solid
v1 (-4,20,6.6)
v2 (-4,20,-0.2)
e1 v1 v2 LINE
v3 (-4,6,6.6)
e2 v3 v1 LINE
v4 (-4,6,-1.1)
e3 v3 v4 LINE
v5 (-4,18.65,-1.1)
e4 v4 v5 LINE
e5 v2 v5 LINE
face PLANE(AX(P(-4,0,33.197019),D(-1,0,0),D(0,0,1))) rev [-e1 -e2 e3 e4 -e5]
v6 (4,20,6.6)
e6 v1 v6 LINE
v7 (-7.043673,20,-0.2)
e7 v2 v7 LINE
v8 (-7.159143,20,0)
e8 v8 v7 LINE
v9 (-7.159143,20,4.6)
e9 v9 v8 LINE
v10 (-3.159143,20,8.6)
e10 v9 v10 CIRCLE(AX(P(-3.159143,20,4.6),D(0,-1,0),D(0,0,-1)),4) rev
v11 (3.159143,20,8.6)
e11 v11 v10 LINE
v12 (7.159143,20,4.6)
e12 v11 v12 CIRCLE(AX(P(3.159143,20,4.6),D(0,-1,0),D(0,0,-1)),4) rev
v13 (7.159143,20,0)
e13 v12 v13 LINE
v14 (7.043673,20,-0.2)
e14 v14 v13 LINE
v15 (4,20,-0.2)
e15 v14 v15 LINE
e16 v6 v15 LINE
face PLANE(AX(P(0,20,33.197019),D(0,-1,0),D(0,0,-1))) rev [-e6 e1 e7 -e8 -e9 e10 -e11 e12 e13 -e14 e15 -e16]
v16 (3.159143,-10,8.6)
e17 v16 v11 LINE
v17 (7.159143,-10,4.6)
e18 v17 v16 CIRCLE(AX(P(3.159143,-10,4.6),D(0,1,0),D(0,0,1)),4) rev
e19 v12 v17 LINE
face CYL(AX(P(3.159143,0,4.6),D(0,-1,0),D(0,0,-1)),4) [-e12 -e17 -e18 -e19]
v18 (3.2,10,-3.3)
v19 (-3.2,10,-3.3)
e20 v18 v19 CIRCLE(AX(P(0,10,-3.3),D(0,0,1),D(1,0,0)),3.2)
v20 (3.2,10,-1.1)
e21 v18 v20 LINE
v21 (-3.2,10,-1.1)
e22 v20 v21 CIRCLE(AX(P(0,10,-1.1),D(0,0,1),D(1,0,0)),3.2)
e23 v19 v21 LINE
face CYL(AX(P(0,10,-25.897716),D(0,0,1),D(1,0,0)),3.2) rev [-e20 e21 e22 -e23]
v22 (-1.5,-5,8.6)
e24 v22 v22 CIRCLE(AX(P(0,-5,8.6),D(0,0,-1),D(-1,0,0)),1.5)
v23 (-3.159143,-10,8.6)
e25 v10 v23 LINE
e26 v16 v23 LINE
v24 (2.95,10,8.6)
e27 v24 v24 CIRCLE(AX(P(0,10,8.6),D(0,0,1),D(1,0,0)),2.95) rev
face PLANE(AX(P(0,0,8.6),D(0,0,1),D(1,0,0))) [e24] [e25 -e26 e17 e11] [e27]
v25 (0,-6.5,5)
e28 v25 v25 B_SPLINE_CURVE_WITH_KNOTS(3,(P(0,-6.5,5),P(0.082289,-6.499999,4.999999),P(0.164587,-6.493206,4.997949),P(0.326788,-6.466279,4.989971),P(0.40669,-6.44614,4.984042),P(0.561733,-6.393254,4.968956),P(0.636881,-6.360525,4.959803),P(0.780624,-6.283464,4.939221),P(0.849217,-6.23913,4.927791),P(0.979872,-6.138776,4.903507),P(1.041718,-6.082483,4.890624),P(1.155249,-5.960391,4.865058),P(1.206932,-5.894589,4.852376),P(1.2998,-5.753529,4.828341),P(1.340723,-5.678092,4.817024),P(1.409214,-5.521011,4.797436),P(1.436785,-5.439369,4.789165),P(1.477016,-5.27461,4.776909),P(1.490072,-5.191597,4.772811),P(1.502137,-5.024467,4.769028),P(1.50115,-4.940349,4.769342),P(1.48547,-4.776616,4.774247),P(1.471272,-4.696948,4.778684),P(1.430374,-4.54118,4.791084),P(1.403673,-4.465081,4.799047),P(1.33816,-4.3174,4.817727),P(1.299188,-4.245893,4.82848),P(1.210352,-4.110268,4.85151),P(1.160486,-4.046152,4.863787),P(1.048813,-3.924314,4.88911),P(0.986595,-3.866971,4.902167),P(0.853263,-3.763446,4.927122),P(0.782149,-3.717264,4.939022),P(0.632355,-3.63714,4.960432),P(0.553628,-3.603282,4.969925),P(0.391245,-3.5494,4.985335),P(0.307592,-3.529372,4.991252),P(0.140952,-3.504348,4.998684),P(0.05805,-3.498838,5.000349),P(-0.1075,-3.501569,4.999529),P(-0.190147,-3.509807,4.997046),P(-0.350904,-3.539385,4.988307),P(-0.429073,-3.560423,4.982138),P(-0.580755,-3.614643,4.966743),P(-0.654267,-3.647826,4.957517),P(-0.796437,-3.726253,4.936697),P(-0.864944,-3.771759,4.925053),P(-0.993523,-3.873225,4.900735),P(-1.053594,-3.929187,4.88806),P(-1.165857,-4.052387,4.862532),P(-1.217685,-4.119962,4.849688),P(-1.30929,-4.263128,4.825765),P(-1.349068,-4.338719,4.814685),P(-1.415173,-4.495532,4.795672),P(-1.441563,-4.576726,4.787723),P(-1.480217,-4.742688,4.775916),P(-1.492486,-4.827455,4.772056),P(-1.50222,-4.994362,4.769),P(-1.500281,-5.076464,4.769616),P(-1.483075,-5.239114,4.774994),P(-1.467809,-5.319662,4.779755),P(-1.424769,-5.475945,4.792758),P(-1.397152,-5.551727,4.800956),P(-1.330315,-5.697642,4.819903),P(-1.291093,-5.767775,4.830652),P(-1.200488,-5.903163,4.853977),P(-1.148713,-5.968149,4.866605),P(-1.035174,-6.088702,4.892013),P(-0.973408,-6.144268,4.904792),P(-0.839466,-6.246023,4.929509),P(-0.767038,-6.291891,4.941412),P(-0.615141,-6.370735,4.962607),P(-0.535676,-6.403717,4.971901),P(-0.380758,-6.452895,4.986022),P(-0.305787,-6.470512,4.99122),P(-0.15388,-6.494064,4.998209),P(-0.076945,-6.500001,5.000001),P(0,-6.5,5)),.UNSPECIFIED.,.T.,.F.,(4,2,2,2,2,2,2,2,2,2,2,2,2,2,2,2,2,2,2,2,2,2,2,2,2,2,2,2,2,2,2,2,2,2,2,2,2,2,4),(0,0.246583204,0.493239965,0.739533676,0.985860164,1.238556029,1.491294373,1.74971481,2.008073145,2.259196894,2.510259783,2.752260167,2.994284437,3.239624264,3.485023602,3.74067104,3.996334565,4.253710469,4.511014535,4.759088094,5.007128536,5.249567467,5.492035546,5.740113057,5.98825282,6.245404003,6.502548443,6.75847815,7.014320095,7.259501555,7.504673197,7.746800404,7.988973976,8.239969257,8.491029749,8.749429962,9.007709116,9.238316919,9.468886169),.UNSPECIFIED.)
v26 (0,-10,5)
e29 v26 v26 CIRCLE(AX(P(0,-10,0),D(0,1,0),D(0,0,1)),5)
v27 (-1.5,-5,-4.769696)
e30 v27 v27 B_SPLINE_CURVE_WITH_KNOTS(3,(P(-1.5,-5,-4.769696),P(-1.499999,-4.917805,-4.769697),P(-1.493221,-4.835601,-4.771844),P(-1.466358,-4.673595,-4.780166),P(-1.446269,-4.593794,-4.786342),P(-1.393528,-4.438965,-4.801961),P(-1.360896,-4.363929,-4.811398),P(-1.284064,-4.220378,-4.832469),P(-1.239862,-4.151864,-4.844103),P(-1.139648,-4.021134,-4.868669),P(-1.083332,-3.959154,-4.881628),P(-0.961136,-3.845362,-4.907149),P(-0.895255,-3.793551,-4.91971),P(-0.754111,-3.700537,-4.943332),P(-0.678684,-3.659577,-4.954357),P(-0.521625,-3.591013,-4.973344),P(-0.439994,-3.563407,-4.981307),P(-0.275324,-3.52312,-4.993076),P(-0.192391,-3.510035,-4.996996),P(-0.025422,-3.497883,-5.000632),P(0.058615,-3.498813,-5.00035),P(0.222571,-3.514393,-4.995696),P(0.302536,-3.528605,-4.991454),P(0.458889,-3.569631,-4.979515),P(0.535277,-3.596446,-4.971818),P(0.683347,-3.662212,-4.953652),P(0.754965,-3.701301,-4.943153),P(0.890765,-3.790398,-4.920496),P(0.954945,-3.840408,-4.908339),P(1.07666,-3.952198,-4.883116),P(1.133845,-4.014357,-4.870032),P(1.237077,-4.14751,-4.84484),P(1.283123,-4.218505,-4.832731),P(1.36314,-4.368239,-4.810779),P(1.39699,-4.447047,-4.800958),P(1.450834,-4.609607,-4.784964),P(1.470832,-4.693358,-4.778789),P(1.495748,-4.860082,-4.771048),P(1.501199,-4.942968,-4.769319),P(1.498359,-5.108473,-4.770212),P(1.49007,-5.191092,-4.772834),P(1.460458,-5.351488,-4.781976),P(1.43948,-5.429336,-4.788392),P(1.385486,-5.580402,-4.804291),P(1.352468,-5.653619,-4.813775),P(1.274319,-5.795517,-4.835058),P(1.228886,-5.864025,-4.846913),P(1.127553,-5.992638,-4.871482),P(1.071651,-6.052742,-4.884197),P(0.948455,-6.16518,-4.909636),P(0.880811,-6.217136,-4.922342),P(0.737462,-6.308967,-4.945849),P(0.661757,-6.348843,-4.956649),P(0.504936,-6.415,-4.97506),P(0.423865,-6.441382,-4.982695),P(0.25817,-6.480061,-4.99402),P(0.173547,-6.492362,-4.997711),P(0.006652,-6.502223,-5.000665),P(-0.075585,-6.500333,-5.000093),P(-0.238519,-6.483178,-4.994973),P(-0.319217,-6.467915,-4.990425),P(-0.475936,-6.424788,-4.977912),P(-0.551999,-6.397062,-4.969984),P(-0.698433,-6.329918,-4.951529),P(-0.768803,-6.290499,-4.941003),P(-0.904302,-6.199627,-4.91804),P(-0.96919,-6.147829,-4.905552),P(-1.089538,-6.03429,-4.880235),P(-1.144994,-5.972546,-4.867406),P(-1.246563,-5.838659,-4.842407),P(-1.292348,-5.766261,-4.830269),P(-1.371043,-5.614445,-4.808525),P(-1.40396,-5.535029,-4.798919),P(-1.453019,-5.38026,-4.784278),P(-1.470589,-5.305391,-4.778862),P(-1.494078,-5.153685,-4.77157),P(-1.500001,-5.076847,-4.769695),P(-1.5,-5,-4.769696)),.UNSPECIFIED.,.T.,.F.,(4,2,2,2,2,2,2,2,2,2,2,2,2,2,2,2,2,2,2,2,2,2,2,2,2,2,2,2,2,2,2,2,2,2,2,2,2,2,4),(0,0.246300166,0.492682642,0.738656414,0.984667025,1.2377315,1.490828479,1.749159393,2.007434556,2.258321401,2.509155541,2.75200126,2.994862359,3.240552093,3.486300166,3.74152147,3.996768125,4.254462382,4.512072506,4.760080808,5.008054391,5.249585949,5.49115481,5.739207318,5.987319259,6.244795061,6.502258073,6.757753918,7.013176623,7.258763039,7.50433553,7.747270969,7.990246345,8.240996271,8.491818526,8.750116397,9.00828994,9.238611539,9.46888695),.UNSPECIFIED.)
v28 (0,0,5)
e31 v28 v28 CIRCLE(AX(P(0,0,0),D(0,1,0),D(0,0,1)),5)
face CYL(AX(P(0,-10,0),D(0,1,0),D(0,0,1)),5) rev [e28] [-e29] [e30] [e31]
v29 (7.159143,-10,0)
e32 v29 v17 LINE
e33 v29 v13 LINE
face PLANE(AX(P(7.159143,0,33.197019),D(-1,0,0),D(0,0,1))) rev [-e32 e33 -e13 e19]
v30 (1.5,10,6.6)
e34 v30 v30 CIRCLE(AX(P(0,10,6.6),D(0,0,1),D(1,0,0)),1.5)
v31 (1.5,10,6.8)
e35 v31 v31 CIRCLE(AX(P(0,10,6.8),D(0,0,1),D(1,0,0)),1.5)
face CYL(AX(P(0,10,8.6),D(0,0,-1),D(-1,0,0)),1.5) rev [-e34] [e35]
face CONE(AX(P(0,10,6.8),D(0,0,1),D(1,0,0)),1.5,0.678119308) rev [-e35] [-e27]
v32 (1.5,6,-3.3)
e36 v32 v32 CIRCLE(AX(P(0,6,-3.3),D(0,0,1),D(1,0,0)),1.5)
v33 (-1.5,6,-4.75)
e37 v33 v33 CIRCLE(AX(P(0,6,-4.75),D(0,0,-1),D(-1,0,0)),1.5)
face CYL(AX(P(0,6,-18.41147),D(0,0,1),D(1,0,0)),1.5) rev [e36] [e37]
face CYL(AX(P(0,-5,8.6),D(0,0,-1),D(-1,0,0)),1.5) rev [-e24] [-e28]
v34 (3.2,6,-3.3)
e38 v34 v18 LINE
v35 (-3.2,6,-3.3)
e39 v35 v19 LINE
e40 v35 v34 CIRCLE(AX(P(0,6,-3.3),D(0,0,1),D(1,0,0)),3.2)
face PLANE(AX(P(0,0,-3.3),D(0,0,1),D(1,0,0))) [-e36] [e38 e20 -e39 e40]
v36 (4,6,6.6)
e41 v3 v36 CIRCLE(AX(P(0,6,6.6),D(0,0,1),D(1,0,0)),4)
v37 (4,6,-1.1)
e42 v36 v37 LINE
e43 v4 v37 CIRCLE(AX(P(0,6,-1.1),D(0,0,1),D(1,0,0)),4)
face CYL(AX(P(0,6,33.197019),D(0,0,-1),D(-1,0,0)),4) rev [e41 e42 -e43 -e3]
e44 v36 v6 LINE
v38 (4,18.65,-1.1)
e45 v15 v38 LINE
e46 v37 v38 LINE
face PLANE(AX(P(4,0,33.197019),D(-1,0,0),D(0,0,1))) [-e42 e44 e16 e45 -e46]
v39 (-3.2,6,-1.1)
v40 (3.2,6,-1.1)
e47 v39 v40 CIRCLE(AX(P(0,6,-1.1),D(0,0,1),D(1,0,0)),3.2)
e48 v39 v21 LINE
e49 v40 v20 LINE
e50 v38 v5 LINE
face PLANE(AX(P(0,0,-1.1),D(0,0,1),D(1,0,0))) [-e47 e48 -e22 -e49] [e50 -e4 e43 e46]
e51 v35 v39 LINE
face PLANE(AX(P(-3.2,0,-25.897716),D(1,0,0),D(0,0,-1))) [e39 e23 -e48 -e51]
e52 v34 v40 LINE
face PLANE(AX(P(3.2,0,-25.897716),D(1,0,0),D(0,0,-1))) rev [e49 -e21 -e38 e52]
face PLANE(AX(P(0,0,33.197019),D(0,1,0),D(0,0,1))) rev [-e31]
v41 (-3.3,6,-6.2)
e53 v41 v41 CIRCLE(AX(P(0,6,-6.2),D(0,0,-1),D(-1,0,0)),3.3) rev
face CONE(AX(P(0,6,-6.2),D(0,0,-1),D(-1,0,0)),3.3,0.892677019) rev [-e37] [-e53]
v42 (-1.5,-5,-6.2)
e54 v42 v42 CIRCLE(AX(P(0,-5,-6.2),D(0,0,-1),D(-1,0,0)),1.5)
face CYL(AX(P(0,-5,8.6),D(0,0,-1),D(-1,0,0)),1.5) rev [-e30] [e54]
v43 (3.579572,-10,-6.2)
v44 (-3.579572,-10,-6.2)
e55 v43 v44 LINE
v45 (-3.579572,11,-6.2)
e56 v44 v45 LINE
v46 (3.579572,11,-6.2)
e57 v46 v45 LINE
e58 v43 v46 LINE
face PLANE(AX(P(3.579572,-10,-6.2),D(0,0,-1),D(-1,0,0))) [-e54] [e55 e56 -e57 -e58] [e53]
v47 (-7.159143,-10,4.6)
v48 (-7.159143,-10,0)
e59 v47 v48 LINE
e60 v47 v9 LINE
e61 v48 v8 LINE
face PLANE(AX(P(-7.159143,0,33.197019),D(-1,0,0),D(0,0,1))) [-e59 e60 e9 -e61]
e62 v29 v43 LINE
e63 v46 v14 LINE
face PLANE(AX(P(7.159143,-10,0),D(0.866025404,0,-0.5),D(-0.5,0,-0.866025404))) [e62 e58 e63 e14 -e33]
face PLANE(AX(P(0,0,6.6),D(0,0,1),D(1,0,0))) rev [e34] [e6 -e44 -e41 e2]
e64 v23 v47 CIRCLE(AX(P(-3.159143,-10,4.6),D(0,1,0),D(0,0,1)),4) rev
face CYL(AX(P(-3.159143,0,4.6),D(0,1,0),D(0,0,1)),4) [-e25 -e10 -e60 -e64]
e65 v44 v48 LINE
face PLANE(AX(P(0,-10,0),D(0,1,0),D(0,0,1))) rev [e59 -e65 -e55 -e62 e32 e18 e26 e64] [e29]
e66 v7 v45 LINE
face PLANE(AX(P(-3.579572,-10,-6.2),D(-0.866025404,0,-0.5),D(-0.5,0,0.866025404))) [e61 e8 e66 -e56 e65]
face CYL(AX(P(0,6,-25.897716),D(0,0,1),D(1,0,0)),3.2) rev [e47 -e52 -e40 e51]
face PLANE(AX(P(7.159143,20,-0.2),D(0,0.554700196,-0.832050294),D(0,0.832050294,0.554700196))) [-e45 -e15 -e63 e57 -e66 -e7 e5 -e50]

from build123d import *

# Parameters (mm, degrees)
CROQUIS1_R                 = 5
SALIENTE_EXTRUIR1_DEPTH    = 10
SALIENTE_EXTRUIR2_START    = 6.6
CROQUIS3_R                 = 1.5
SALIENTE_EXTRUIR2_DEPTH    = 2
SALIENTE_EXTRUIR3_START    = -3.3
CROQUIS3_3_R               = 1.5
SALIENTE_EXTRUIR3_DEPTH    = 2.9
SALIENTE_EXTRUIR4_START    = -1.1
SALIENTE_EXTRUIR4_DEPTH    = 5.1
SALIENTE_EXTRUIR5_START    = -6.2
SALIENTE_EXTRUIR5_DEPTH    = 14.8
CORTAR_EXTRUIR1_DEPTH      = 31
SALIENTE_EXTRUIR6_DEPTH    = 10
CROQUIS5_R                 = 1.5
CORTAR_EXTRUIR2_DEPTH      = 15.8
CHAFL_N1_SIZE              = 1.45
CHAFL_N1_SIZE2             = 1.8
CHAFL_N2_SIZE              = 1.45
CHAFL_N2_SIZE2             = 1.8
REDONDEO1_R                = 4
CORTAR_EXTRUIR3_DEPTH      = 8.159143338
CORTAR_EXTRUIR3_DEPTH_BACK = 8.159143338


with BuildPart() as part:
    # Croquis1 → Saliente-Extruir1 (new body)
    with BuildSketch(Plane(origin=(0, 0, 0), x_dir=(1, 0, 0), z_dir=(0, 1, 0))):
        Polygon((7.159143338, 0), (3.579571669, 6.2), (-3.579571669, 6.2), (-7.159143338, 0), (-3.579571669, -6.2), (3.579571669, -6.2), align=None)
        Circle(CROQUIS1_R, mode=Mode.SUBTRACT)
    extrude(amount=-SALIENTE_EXTRUIR1_DEPTH)



with BuildPart() as body_2:
    # Croquis3 → Saliente-Extruir2 (new body)
    with BuildSketch(Plane.XY.offset(SALIENTE_EXTRUIR2_START)):
        with BuildLine():
            Line((-4, 6), (-4, 20))
            Line((-4, 20), (4, 20))
            Line((4, 20), (4, 6))
            ThreePointArc((4, 6), (0, 2), (-4, 6))
        make_face()
        with BuildLine():
            ThreePointArc((3.2, 10), (0, 13.2), (-3.2, 10))
            Line((-3.2, 10), (-3.2, 6))
            ThreePointArc((-3.2, 6), (0, 2.8), (3.2, 6))
            Line((3.2, 6), (3.2, 10))
        make_face(mode=Mode.SUBTRACT)
        with BuildLine():
            Line((3.2, 6), (3.2, 10))
            ThreePointArc((3.2, 10), (0, 13.2), (-3.2, 10))
            Line((-3.2, 10), (-3.2, 6))
            ThreePointArc((-3.2, 6), (0, 2.8), (3.2, 6))
        make_face()
        with Locations((0, 6)):
            Circle(CROQUIS3_R, mode=Mode.SUBTRACT)
        with Locations((0, 10)):
            Circle(CROQUIS3_R, mode=Mode.SUBTRACT)
        with Locations((0, 6)):
            Circle(CROQUIS3_R)
    extrude(amount=SALIENTE_EXTRUIR2_DEPTH)


with BuildPart() as body_3:
    # Croquis3<3> → Saliente-Extruir3 (new body)
    with BuildSketch(Plane.XY.offset(SALIENTE_EXTRUIR3_START)):
        with BuildLine():
            Line((3.2, 6), (3.2, 10))
            ThreePointArc((3.2, 10), (0, 13.2), (-3.2, 10))
            Line((-3.2, 10), (-3.2, 6))
            ThreePointArc((-3.2, 6), (0, 2.8), (3.2, 6))
        make_face()
        with Locations((0, 6)):
            Circle(CROQUIS3_3_R, mode=Mode.SUBTRACT)
        with Locations((0, 10)):
            Circle(CROQUIS3_3_R, mode=Mode.SUBTRACT)
        with Locations((0, 10)):
            Circle(CROQUIS3_3_R)
    extrude(amount=-SALIENTE_EXTRUIR3_DEPTH)

    # Croquis3<4> → Saliente-Extruir4 (add)
    with BuildSketch(Plane.XY.offset(SALIENTE_EXTRUIR4_START)):
        with BuildLine():
            Line((-4, 6), (-4, 20))
            Line((-4, 20), (4, 20))
            Line((4, 20), (4, 6))
            ThreePointArc((4, 6), (0, 2), (-4, 6))
        make_face()
        with BuildLine():
            ThreePointArc((3.2, 10), (0, 13.2), (-3.2, 10))
            Line((-3.2, 10), (-3.2, 6))
            ThreePointArc((-3.2, 6), (0, 2.8), (3.2, 6))
            Line((3.2, 6), (3.2, 10))
        make_face(mode=Mode.SUBTRACT)
    extrude(amount=-SALIENTE_EXTRUIR4_DEPTH)


with BuildPart() as part_1:
    add(part.part)

    add(body_2.part)  # Saliente-Extruir5 merges body 2

    add(body_3.part)  # Saliente-Extruir5 merges body 3
    # Croquis3<6> → Saliente-Extruir5 (add)
    with BuildSketch(Plane.XY.offset(SALIENTE_EXTRUIR5_START)):
        with BuildLine():
            ThreePointArc((-4, 6), (0, 2), (4, 6))
            Line((4, 6), (4, 20))
            Line((4, 20), (7.159143338, 20))
            Line((7.159143338, 20), (7.159143338, 0))
            Line((7.159143338, 0), (-7.159143338, 0))
            Line((-7.159143338, 0), (-7.159143338, 20))
            Line((-7.159143338, 20), (-4, 20))
            Line((-4, 20), (-4, 6))
        make_face()
    extrude(amount=SALIENTE_EXTRUIR5_DEPTH)

    # Croquis4 → Cortar-Extruir1 (cut, through all)
    with BuildSketch(Plane(origin=(0, -10, 0), x_dir=(-1, 0, 0), z_dir=(0, -1, 0))):
        Polygon((7.159143338, 6.2), (7.159143338, 0), (3.579571669, 6.2), align=None)
        Polygon((-7.159143338, 6.2), (-3.579571669, 6.2), (-7.159143338, 0), align=None)
    extrude(amount=-CORTAR_EXTRUIR1_DEPTH, mode=Mode.SUBTRACT)

    # Croquis4<3> → Saliente-Extruir6 (add)
    with BuildSketch(Plane(origin=(0, -10, 0), x_dir=(-1, 0, 0), z_dir=(0, -1, 0))):
        Polygon((-7.159143338, -8.6), (7.159143338, -8.6), (7.159143338, 0), (3.579571669, -6.2), (-3.579571669, -6.2), (-7.159143338, 0), align=None)
    extrude(amount=-SALIENTE_EXTRUIR6_DEPTH)

    # Croquis5 → Cortar-Extruir2 (cut, through all)
    with BuildSketch(Plane(origin=(0, 0, -6.2), x_dir=(-1, 0, 0), z_dir=(0, 0, -1))):
        with Locations((0, -5)):
            Circle(CROQUIS5_R)
    extrude(amount=-CORTAR_EXTRUIR2_DEPTH, mode=Mode.SUBTRACT)

    # Chaflán1
    chafl_n1_edges = [part_1.edges().sort_by_distance(p)[0] for p in [
        (-1.5, 10, 8.6),
    ]]
    chafl_n1_side = [part_1.faces().sort_by_distance(p)[0] for p in [
        (0, 5.085079308, 8.6),
    ]]
    chamfer(chafl_n1_edges, length=CHAFL_N1_SIZE, length2=CHAFL_N1_SIZE2, reference=chafl_n1_side[0])

    # Chaflán2
    chafl_n2_edges = [part_1.edges().sort_by_distance(p)[0] for p in [
        (-1.5, 6, -6.2),
    ]]
    chafl_n2_side = [part_1.faces().sort_by_distance(p)[0] for p in [
        (-1.5, 6, -4.75),
    ]]
    chamfer(chafl_n2_edges, length=CHAFL_N2_SIZE, length2=CHAFL_N2_SIZE2, reference=chafl_n2_side[0])

    # Redondeo1
    redondeo1_edges = [part_1.edges().sort_by_distance(p)[0] for p in [
        (7.159143338, 5, 8.6),
        (-7.159143338, 5, 8.6),
    ]]
    fillet(redondeo1_edges, radius=REDONDEO1_R)

    # Croquis6 → Cortar-Extruir3 (cut, two sides)
    with BuildSketch(Plane(origin=(0, 0, 0), x_dir=(0, 0, -1), z_dir=(1, 0, 0))) as cortar_extruir3_sk:
        Polygon((6.2, 20), (0.2, 20), (6.2, 11), align=None)
    extrude(amount=CORTAR_EXTRUIR3_DEPTH, mode=Mode.SUBTRACT)
    extrude(cortar_extruir3_sk.sketch, amount=-CORTAR_EXTRUIR3_DEPTH_BACK, mode=Mode.SUBTRACT)


solid = part_1.part
